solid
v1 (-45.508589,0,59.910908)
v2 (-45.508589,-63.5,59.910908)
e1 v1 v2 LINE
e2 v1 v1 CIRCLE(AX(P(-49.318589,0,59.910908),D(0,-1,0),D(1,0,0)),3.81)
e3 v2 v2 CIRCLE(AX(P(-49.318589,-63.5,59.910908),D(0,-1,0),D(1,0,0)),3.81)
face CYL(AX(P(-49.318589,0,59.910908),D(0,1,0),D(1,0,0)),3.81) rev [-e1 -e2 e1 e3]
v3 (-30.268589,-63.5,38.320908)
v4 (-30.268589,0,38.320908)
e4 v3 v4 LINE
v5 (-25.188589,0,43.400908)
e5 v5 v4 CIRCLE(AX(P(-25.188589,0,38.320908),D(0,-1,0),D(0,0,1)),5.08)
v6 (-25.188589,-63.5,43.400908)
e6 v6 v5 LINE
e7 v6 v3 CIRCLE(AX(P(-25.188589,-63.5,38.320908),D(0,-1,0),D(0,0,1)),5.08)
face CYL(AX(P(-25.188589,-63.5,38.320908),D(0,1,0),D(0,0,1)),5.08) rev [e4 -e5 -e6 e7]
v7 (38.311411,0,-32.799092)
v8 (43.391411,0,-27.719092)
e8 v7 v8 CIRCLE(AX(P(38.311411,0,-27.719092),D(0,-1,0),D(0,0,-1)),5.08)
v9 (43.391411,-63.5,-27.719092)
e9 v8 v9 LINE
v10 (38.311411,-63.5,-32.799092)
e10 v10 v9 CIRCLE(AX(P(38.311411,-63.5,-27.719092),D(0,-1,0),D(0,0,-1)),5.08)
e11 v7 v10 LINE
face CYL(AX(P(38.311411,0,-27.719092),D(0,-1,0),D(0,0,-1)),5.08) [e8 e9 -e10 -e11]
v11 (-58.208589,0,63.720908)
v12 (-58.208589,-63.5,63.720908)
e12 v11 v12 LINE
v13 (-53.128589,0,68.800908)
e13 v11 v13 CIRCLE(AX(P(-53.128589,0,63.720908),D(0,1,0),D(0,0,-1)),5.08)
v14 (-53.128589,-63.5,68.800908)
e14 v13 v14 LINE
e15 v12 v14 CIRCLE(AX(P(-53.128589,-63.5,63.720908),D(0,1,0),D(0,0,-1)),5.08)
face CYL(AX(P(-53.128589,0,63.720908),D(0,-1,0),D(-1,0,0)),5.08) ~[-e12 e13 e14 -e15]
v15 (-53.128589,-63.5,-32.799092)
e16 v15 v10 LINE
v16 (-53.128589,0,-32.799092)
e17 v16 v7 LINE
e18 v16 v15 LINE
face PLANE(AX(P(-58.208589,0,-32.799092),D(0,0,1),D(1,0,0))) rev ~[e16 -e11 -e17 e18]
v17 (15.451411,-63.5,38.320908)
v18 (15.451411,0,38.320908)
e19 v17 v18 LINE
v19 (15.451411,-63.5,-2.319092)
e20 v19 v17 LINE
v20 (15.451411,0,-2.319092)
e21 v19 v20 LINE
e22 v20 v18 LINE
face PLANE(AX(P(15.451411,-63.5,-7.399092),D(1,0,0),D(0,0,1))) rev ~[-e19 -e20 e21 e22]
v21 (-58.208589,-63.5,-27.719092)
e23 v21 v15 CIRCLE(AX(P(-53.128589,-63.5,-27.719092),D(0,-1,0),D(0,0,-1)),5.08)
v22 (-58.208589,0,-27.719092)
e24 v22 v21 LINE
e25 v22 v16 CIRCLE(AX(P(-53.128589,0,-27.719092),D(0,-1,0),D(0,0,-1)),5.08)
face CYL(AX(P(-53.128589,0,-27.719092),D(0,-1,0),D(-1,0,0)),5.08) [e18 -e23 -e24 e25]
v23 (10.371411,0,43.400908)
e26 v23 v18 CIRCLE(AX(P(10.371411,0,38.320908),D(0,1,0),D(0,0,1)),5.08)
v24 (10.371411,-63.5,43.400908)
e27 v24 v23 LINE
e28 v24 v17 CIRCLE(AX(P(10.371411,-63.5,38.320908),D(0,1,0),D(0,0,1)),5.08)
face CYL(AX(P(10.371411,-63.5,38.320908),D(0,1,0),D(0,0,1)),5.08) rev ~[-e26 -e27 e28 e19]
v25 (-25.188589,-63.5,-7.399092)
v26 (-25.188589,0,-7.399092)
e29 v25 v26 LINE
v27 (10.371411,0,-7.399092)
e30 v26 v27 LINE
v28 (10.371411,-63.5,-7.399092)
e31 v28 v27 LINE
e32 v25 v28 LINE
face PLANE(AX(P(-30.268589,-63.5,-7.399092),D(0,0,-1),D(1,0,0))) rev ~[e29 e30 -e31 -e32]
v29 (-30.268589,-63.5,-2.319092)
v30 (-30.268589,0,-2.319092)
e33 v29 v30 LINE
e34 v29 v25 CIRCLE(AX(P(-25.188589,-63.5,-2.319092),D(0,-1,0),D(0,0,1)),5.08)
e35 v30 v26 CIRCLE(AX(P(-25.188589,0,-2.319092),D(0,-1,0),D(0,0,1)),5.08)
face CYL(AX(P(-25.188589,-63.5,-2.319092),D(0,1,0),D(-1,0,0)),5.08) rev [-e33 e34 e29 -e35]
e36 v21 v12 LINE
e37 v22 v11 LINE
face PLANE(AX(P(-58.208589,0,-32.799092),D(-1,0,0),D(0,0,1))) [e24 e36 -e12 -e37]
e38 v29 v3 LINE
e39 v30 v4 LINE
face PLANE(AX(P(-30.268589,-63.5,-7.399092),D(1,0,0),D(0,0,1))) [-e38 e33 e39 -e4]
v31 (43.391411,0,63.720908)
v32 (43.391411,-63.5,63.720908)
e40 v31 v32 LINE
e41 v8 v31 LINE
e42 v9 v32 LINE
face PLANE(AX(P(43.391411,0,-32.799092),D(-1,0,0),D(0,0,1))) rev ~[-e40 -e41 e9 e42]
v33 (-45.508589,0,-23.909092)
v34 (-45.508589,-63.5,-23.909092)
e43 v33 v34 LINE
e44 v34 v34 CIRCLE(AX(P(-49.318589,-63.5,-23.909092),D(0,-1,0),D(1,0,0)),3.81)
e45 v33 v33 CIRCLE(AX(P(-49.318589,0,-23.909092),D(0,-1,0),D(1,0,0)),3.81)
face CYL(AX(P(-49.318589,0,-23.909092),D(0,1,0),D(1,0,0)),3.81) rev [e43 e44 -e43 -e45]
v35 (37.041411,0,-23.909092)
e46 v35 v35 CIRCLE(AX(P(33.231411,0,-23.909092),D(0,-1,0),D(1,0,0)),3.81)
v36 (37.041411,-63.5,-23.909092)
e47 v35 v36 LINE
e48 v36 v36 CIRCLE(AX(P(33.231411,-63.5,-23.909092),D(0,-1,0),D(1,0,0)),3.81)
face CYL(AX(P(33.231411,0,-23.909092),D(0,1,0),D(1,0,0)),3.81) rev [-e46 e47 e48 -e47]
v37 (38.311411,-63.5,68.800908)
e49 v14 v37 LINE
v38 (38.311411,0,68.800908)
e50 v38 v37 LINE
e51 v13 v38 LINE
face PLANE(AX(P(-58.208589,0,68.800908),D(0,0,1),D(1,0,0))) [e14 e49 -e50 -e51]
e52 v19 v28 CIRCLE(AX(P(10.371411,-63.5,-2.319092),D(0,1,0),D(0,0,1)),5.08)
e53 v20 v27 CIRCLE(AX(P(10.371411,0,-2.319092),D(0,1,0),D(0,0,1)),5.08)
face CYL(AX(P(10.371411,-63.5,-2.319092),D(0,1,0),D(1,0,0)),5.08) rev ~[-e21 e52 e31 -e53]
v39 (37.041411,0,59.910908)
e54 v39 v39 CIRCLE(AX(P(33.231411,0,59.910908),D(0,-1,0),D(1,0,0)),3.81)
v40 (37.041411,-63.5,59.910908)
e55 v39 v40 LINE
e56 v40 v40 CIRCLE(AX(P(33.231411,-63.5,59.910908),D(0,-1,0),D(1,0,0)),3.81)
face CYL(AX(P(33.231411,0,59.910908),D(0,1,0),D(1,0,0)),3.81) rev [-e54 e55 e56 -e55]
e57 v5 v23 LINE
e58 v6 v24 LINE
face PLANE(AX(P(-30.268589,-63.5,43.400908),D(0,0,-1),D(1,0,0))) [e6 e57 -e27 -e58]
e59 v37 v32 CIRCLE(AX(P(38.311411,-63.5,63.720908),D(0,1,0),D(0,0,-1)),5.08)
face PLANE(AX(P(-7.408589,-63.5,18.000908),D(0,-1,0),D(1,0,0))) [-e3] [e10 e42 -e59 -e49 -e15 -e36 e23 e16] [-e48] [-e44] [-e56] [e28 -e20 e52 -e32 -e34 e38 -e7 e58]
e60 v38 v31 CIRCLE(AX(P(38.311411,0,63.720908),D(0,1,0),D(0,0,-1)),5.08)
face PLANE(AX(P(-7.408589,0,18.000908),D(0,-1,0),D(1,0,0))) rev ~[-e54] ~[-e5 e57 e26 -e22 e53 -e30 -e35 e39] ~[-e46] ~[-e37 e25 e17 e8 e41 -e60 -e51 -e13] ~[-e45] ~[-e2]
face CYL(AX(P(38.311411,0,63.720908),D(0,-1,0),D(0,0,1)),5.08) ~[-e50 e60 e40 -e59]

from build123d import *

# Parameters (mm, degrees)
F0_W     = 101.6
F0_H     = 101.6
F0_R     = 3.81
F1_DEPTH = 63.5
F2_W     = 45.72
F2_H     = 50.8
F3_DEPTH = 63.5
F4_R     = 5.08
F5_R     = 5.08
F6_R     = 5.08


with BuildPart() as f1:
    # F0 (on Front) → F1 (new body)
    with BuildSketch(Plane.XZ):
        with Locations((-7.408589, 18.000908)):
            Rectangle(F0_W, F0_H)
        with Locations((-49.318589, -23.909092)):
            Circle(F0_R, mode=Mode.SUBTRACT)
        with Locations((33.231411, -23.909092)):
            Circle(F0_R, mode=Mode.SUBTRACT)
        with Locations((-49.318589, 59.910908)):
            Circle(F0_R, mode=Mode.SUBTRACT)
        with Locations((33.231411, 59.910908)):
            Circle(F0_R, mode=Mode.SUBTRACT)
    extrude(amount=F1_DEPTH)

    # F2 (on face) → F3 (cut)
    with BuildSketch(Plane.XZ.offset(63.5)):
        with Locations((-7.408589, 18.000908)):
            Rectangle(F2_W, F2_H)
    extrude(amount=-F3_DEPTH, mode=Mode.SUBTRACT)

    # F4
    f4_edges = [f1.edges().sort_by_distance(p)[0] for p in [
        (-58.208589, -31.75, 68.800908),
        (-58.208589, -31.75, -32.799092),
        (43.391411, -31.75, -32.799092),
        (43.391411, -31.75, 68.800908),
    ]]
    fillet(f4_edges, radius=F4_R)

    # F5
    f5_edges = [f1.edges().sort_by_distance(p)[0] for p in [
        (-30.268589, -31.75, 43.400908),
    ]]
    fillet(f5_edges, radius=F5_R)

    # F6
    f6_edges = [f1.edges().sort_by_distance(p)[0] for p in [
        (-30.268589, -31.75, -7.399092),
        (15.451411, -31.75, 43.400908),
        (15.451411, -31.75, -7.399092),
    ]]
    fillet(f6_edges, radius=F6_R)


solid = f1.part
